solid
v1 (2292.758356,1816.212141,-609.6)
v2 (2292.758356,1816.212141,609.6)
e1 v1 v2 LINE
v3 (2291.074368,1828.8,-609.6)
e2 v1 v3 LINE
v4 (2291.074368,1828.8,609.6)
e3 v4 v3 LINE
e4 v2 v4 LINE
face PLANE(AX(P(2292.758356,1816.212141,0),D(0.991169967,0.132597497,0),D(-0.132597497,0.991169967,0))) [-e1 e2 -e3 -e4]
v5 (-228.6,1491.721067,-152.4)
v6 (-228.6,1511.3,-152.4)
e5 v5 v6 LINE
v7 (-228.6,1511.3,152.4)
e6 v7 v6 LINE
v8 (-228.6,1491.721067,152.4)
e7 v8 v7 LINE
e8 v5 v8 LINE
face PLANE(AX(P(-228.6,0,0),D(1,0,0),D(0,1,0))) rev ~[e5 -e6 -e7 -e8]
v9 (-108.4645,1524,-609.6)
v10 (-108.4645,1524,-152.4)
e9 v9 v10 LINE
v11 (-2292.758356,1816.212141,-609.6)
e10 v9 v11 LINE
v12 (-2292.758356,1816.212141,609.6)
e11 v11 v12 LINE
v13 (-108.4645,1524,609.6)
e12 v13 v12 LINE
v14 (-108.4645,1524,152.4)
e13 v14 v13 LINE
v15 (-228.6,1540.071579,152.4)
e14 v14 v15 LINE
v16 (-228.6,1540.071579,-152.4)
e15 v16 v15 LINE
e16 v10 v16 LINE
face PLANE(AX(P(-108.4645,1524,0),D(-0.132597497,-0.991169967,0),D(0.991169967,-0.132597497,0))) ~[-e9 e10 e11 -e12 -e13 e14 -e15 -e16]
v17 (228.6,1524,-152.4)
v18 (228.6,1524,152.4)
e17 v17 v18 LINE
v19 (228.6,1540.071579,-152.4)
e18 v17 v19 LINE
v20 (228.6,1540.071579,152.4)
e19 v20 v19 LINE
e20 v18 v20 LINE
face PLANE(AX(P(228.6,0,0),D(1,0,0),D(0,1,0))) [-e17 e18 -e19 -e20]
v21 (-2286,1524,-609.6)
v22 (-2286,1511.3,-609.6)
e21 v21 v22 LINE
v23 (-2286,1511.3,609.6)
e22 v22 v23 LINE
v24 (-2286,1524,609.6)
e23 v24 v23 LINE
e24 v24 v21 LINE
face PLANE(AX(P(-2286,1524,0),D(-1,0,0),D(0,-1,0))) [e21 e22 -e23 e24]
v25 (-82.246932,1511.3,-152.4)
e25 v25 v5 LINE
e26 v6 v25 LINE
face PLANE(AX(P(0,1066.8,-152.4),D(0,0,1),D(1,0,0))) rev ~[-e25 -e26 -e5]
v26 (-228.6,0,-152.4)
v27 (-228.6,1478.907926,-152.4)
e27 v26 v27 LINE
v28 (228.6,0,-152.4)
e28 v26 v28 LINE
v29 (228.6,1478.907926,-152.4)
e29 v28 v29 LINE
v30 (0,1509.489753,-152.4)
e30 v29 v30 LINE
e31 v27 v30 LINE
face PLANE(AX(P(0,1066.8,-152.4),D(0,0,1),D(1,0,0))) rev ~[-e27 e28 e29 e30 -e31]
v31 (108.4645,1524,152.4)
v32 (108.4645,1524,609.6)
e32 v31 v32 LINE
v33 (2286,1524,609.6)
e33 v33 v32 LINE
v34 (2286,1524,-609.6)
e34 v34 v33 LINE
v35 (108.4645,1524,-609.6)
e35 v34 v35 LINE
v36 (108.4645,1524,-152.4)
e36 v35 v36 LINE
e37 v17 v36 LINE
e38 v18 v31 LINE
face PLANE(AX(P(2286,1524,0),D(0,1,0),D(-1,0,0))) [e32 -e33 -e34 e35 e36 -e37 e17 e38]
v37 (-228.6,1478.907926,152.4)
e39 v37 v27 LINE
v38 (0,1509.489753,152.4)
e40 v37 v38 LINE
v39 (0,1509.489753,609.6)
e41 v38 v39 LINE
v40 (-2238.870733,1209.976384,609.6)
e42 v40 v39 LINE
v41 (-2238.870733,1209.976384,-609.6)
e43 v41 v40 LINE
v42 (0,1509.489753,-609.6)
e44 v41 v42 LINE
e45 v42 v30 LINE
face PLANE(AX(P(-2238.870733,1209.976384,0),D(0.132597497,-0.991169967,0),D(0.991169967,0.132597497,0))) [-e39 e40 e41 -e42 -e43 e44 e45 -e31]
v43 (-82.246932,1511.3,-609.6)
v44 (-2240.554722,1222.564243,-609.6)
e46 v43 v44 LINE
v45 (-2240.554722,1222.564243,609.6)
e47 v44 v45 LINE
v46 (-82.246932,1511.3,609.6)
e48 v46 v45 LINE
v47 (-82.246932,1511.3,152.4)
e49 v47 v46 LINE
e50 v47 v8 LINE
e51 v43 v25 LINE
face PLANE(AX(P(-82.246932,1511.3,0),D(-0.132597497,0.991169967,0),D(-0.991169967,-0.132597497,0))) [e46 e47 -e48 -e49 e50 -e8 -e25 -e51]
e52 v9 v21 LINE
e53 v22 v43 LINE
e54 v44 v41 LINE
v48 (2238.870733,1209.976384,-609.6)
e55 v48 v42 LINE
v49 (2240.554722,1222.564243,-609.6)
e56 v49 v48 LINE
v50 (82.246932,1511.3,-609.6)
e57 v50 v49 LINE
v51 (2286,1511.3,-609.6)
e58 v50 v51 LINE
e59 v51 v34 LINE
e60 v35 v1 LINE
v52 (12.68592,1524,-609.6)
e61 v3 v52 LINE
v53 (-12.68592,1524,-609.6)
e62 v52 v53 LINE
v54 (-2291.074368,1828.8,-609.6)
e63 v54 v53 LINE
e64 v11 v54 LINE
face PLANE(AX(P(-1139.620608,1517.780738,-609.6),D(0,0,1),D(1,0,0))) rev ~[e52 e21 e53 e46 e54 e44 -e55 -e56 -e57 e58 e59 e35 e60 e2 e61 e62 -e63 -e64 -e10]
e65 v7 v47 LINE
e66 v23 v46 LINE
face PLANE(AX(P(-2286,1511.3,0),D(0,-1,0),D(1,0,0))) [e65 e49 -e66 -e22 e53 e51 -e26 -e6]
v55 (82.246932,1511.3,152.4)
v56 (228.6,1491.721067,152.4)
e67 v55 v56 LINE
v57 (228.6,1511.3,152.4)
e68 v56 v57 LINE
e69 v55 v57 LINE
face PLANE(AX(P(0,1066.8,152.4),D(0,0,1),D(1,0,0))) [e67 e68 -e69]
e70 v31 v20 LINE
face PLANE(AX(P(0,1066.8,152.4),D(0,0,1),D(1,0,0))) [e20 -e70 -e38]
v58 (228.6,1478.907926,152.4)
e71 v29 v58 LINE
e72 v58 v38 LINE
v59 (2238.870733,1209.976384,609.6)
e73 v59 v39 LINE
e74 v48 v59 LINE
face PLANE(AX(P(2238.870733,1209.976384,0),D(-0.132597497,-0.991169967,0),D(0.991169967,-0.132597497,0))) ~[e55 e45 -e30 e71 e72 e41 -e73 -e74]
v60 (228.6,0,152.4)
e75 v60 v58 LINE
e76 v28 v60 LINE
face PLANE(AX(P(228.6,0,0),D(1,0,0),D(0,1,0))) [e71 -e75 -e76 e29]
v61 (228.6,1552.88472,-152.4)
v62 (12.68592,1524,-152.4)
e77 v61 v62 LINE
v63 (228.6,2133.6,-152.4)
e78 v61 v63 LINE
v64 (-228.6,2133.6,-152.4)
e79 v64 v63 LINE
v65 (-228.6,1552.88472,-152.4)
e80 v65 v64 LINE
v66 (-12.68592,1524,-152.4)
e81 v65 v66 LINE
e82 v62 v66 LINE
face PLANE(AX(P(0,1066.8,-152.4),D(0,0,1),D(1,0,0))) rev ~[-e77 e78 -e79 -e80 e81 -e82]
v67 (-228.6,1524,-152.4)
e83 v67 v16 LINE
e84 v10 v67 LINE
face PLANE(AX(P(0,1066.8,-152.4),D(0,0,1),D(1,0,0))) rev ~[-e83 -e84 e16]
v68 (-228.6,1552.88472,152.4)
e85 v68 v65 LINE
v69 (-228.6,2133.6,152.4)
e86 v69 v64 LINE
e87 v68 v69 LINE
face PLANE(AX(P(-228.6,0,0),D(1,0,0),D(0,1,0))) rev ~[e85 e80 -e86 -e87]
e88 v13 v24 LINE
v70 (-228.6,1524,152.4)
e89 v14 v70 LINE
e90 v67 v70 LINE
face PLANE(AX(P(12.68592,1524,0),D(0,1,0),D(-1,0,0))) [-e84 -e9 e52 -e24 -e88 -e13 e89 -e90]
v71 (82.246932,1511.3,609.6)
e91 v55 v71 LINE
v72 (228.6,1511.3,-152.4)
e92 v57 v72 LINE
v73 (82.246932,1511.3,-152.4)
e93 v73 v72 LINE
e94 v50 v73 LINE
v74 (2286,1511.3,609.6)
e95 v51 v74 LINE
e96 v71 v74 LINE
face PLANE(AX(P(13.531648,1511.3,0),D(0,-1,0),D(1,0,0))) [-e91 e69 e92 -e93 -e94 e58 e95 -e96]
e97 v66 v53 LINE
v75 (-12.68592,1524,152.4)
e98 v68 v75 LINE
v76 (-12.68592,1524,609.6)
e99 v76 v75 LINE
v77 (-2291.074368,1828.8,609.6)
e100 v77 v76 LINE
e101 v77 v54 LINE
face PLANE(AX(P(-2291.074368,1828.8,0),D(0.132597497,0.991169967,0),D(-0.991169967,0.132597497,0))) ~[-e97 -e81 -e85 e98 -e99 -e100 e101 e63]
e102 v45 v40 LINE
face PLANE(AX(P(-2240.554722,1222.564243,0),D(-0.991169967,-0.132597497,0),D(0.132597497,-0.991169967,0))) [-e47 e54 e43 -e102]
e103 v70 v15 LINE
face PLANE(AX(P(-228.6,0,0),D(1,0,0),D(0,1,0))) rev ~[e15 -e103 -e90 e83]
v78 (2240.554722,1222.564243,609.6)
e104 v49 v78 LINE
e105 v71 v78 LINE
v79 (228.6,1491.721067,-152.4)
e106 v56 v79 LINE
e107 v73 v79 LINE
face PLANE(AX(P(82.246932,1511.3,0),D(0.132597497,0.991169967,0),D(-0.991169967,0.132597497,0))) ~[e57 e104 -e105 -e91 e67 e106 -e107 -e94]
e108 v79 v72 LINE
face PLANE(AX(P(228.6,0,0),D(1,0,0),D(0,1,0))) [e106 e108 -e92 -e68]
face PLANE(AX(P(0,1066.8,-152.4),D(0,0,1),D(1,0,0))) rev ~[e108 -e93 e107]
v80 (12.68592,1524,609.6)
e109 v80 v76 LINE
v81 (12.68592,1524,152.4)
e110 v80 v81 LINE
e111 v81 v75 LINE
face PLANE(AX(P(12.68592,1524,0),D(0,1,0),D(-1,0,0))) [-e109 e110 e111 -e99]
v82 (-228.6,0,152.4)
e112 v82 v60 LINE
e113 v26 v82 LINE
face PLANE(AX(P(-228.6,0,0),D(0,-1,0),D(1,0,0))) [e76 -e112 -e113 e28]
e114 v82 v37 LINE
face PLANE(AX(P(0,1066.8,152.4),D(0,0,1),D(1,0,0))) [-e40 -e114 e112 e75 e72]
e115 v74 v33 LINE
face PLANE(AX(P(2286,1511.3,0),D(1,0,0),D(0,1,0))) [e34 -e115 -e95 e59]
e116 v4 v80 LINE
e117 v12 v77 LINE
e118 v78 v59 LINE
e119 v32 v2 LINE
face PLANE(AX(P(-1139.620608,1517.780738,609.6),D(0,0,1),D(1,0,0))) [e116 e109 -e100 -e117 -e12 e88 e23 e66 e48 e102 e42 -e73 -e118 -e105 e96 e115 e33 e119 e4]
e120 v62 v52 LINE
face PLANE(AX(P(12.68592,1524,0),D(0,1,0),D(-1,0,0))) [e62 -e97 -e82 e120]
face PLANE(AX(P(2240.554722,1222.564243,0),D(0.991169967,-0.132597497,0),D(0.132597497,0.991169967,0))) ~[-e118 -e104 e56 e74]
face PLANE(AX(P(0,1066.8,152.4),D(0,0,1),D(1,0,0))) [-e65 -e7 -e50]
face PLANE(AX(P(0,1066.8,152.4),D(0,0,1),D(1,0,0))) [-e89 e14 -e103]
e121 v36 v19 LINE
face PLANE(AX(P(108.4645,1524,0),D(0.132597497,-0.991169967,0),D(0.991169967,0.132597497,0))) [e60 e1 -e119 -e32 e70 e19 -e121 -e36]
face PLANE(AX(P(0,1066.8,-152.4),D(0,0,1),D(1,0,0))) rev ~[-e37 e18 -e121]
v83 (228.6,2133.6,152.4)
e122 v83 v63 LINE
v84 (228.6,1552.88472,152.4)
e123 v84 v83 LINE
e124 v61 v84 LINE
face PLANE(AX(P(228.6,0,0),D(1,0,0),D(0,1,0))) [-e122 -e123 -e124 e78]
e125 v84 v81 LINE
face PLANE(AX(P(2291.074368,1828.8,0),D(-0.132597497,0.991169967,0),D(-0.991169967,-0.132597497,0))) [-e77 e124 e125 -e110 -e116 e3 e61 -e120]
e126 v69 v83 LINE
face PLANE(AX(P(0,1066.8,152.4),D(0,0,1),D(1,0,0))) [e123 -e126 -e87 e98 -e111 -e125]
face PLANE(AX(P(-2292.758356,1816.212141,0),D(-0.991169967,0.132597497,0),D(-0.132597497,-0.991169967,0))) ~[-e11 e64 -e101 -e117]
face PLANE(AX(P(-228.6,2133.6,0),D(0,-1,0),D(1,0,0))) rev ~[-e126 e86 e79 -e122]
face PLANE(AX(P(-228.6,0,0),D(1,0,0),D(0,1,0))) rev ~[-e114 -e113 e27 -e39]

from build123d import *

# Parameters (mm, degrees)
SKETCH1_W           = 457.2
SKETCH1_H           = 2133.6
BOSS_EXTRUDE1_DEPTH = 152.4
BOSS_EXTRUDE2_DEPTH = 609.6


with BuildPart() as part:
    # Sketch1 → Boss-Extrude1 (new, symmetric)
    with BuildSketch(Plane.XY):
        with Locations((0, 1066.8)):
            Rectangle(SKETCH1_W, SKETCH1_H)
    extrude(amount=BOSS_EXTRUDE1_DEPTH, both=True)

    # Sketch2 → Boss-Extrude2 (add, symmetric)
    with BuildSketch(Plane.XY):
        Polygon((12.68592016, 1524), (-2286, 1524), (-2286, 1511.3), (-82.246931836, 1511.3), align=None)
        Polygon((13.531648171, 1511.3), (-82.246931836, 1511.3), (-2240.554721608, 1222.564242527), (-2238.870733393, 1209.976383945), align=None)
        Polygon((108.464500167, 1524), (12.68592016, 1524), (-82.246931836, 1511.3), (13.531648171, 1511.3), align=None)
        Polygon((2291.074368064, 1828.8), (12.68592016, 1524), (108.464500167, 1524), (2292.758356279, 1816.212141418), align=None)
        Polygon((2286, 1524), (108.464500167, 1524), (13.531648171, 1511.3), (2286, 1511.3), align=None)
    boss_extrude2 = extrude(amount=BOSS_EXTRUDE2_DEPTH, both=True)

    # Mirror1: Boss-Extrude2 across plane
    add(boss_extrude2.mirror(Plane(origin=(0, 0, 0), x_dir=(0, 0, 1), z_dir=(1, 0, 0))))


solid = part.part
